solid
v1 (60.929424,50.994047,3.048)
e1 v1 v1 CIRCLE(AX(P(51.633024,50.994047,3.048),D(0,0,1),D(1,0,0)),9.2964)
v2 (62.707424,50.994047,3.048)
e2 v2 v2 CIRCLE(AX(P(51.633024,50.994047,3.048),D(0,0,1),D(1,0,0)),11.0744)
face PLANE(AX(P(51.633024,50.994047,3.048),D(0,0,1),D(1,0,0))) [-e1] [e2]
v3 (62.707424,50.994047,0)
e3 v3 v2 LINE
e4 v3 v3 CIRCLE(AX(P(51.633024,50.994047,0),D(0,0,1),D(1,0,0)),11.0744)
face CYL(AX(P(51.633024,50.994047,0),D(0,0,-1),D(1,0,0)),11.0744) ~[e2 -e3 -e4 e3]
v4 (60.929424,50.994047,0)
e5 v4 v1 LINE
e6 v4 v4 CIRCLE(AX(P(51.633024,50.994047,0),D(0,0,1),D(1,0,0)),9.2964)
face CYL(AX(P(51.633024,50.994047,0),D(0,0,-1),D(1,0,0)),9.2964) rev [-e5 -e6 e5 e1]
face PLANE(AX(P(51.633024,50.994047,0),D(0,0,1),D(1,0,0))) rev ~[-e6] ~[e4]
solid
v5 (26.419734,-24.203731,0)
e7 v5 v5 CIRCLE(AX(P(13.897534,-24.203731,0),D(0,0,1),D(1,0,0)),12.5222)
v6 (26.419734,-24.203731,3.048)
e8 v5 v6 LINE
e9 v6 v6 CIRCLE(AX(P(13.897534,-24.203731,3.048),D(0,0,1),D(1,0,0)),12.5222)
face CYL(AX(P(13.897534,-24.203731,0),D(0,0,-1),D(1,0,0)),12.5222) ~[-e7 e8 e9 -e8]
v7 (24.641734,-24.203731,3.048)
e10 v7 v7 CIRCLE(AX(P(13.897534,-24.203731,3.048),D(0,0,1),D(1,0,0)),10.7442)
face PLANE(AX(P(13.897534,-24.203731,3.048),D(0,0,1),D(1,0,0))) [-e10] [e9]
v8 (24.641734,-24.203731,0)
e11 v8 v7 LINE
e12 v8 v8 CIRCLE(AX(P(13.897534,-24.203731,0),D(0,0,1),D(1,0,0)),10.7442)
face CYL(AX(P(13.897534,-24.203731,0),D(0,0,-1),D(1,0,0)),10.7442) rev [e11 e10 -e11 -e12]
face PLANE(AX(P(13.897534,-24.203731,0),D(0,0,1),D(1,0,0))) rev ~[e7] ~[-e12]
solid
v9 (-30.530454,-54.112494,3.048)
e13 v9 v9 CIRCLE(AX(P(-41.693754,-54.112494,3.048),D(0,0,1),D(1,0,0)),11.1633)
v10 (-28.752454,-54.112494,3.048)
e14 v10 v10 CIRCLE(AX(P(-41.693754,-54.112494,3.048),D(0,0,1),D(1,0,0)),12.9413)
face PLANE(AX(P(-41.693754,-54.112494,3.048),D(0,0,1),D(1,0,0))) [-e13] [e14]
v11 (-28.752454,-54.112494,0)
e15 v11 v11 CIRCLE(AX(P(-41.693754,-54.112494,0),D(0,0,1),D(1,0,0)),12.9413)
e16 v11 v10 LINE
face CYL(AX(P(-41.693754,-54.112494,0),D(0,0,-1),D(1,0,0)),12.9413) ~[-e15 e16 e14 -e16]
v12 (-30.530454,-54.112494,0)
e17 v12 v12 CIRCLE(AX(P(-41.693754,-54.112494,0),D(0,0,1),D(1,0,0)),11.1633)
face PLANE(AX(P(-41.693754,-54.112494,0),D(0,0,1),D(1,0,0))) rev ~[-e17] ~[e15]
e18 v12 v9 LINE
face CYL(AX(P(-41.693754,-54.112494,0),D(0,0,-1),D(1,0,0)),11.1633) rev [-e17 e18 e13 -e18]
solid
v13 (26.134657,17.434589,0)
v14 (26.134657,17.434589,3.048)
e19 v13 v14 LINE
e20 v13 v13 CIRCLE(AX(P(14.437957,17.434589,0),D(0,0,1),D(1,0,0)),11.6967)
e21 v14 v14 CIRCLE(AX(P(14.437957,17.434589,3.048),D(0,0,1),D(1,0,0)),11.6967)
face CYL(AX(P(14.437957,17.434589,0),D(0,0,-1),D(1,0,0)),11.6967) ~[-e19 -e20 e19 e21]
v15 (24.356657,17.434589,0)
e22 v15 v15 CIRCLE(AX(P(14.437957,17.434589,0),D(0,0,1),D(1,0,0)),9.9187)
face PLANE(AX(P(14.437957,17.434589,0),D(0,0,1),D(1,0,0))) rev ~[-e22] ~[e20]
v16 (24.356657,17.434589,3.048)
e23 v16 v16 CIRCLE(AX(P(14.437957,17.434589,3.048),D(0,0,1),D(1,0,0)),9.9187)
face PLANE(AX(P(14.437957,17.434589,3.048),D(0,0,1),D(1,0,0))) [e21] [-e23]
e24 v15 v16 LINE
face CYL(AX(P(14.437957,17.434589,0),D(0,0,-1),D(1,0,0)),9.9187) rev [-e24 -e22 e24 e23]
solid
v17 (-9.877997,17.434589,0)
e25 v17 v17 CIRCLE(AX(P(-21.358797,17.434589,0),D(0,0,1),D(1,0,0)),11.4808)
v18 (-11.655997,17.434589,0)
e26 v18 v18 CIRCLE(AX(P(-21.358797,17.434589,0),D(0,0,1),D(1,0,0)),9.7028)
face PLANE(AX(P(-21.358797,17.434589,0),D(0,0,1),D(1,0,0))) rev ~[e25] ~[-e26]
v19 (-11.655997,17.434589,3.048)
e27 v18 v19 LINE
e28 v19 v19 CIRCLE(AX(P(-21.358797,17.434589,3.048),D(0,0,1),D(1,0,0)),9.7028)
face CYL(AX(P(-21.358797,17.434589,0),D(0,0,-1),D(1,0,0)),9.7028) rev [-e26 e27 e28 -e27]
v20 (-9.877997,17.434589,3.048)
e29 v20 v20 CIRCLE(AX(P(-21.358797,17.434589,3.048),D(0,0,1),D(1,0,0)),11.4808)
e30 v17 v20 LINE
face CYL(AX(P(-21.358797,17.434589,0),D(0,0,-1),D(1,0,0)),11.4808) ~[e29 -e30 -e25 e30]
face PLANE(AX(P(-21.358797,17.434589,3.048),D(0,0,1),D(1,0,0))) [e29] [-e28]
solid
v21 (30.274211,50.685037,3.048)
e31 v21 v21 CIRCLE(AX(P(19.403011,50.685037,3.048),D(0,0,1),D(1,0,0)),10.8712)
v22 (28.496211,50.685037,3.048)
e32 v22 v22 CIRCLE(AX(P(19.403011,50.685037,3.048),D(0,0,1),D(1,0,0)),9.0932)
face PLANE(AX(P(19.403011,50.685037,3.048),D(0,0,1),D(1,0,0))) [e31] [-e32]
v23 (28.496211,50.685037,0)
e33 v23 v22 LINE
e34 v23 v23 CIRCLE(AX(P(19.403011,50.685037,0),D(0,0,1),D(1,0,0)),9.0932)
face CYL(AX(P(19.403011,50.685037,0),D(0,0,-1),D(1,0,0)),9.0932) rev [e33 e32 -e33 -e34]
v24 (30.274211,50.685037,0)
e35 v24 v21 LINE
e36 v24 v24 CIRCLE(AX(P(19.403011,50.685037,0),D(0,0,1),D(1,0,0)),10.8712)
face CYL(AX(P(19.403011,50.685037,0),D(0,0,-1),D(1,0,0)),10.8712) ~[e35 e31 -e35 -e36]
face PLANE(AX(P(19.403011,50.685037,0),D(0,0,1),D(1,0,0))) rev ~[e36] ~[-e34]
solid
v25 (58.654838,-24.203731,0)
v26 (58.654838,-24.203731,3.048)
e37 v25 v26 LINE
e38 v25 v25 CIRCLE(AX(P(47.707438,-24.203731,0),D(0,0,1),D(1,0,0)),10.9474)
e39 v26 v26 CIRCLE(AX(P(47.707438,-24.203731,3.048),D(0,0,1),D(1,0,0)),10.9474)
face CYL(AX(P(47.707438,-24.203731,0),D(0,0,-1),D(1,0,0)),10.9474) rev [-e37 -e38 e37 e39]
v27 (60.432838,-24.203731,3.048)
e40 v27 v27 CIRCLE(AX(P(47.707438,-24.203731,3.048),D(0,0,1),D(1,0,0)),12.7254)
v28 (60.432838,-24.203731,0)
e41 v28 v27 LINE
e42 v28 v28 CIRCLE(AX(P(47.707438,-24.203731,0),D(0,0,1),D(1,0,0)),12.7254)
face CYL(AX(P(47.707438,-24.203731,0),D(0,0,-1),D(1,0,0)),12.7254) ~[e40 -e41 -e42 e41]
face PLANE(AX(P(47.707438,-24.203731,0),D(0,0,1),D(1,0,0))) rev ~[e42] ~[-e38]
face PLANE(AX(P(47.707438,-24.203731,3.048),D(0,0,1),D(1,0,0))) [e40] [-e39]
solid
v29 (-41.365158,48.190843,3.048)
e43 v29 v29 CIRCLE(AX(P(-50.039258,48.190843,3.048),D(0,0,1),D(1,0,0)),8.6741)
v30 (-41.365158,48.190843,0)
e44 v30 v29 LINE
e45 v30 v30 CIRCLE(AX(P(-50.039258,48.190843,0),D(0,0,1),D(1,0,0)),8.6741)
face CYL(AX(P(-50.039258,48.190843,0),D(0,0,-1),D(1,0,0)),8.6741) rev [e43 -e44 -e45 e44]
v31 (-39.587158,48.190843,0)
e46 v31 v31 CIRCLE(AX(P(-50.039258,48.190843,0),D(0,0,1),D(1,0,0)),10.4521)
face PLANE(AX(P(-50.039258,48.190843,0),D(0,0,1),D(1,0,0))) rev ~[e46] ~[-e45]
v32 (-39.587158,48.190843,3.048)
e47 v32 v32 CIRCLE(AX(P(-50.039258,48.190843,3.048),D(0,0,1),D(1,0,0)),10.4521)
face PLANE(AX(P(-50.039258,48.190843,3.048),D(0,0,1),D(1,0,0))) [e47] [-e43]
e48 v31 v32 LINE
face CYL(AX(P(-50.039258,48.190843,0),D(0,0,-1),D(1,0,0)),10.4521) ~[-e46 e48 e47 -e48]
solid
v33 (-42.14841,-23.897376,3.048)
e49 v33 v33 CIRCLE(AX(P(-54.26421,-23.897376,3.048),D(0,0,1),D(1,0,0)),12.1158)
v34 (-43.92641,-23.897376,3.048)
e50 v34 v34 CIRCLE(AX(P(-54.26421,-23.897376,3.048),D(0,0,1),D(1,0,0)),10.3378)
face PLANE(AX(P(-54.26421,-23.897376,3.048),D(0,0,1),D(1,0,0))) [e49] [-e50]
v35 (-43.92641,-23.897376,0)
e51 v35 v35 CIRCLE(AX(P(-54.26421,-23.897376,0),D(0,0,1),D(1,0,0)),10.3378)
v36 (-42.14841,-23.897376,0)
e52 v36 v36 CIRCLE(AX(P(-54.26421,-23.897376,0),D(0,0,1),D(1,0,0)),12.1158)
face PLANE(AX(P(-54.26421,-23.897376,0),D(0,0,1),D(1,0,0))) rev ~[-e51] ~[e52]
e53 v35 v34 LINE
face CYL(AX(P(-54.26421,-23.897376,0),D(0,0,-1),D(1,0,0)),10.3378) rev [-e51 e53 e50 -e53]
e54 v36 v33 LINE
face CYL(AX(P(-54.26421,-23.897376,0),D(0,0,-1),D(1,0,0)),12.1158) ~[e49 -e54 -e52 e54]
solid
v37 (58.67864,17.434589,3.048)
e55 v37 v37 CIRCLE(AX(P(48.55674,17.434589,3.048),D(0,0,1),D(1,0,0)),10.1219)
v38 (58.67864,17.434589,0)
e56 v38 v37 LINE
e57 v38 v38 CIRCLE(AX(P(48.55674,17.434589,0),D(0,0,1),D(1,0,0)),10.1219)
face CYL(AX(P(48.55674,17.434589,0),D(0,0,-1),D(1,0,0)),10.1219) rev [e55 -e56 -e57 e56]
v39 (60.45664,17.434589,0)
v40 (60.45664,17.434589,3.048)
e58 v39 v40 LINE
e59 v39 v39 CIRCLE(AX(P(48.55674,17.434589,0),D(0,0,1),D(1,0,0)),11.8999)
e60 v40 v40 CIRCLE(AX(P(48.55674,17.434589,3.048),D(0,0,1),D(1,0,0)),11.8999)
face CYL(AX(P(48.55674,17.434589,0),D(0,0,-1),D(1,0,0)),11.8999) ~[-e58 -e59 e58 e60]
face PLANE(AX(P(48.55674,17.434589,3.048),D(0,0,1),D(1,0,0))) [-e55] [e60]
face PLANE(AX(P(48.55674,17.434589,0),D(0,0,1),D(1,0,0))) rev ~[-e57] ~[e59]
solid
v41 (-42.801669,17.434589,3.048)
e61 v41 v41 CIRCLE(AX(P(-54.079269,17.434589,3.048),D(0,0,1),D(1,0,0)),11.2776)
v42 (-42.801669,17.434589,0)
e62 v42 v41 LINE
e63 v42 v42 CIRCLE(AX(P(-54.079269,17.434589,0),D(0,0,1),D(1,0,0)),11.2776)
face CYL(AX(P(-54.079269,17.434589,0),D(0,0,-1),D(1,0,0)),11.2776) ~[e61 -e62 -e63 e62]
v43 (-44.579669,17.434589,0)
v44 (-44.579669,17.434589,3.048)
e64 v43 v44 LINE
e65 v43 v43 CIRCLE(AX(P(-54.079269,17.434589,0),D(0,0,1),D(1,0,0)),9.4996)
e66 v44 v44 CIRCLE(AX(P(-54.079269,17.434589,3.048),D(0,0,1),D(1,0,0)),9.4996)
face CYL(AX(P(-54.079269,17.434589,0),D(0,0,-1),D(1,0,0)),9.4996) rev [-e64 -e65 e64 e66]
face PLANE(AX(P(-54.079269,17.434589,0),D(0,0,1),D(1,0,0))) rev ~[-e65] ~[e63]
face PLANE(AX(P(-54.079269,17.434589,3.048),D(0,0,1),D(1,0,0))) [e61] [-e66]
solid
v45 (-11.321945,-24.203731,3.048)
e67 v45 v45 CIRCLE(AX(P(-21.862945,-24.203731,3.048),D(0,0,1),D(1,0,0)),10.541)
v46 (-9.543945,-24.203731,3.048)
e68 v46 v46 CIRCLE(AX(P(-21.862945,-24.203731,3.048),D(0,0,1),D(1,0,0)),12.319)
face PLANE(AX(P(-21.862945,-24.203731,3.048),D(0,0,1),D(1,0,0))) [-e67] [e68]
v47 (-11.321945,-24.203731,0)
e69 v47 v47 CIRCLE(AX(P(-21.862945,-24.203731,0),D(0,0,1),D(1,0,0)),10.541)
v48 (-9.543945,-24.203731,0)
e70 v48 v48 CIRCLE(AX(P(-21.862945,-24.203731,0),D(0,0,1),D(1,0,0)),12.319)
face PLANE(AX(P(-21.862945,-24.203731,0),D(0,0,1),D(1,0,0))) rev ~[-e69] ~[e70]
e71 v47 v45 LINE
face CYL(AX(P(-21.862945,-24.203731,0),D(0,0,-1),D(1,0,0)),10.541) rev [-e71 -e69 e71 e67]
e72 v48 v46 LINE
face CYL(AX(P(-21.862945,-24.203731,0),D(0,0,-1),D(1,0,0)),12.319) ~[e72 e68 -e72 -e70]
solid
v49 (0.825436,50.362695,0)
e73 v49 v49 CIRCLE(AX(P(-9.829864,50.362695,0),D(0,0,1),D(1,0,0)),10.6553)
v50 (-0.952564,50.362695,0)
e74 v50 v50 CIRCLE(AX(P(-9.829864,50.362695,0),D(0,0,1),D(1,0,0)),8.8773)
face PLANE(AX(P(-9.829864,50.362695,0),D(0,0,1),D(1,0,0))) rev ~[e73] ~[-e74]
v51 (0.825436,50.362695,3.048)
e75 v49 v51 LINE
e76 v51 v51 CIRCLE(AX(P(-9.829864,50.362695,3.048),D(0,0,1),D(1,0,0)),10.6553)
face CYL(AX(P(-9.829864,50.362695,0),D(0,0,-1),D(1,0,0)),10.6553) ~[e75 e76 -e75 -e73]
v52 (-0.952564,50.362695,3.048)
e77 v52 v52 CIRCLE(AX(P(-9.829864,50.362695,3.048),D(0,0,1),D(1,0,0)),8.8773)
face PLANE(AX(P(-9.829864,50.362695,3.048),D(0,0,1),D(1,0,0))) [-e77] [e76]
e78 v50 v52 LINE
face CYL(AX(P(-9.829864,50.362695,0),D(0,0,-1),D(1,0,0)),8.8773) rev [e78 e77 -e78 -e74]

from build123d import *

# Parameters (mm, degrees)
F0_R      = 10.4521
F0_R_2    = 8.6741
F1_DEPTH  = 3.048
F2_R      = 10.6553
F2_R_2    = 8.8773
F3_DEPTH  = 3.048
F4_R      = 10.8712
F4_R_2    = 9.0932
F5_DEPTH  = 3.048
F6_R      = 11.0744
F6_R_2    = 9.2964
F7_DEPTH  = 3.048
F6_R_3    = 11.2776
F6_R_4    = 9.4996
F8_DEPTH  = 3.048
F6_R_5    = 11.4808
F6_R_6    = 9.7028
F9_DEPTH  = 3.048
F6_R_7    = 11.6967
F6_R_8    = 9.9187
F10_DEPTH = 3.048
F6_R_9    = 11.8999
F6_R_10   = 10.1219
F11_DEPTH = 3.048
F12_R     = 12.1158
F12_R_2   = 10.3378
F13_DEPTH = 3.048
F12_R_3   = 12.319
F12_R_4   = 10.541
F14_DEPTH = 3.048
F12_R_5   = 12.5222
F12_R_6   = 10.7442
F15_DEPTH = 3.048
F12_R_7   = 12.7254
F12_R_8   = 10.9474
F16_DEPTH = 3.048
F12_R_9   = 12.9413
F12_R_10  = 11.1633
F17_DEPTH = 3.048


with BuildPart() as f1:
    # F0 (on Top) → F1 (new body)
    with BuildSketch(Plane.XY):
        with Locations((-50.039258, 48.190843)):
            Circle(F0_R)
        with Locations((-50.039258, 48.190843)):
            Circle(F0_R_2, mode=Mode.SUBTRACT)
    extrude(amount=F1_DEPTH)


with BuildPart() as f3:
    # F2 (on Top) → F3 (new body)
    with BuildSketch(Plane.XY):
        with Locations((-9.829864, 50.362695)):
            Circle(F2_R)
        with Locations((-9.829864, 50.362695)):
            Circle(F2_R_2, mode=Mode.SUBTRACT)
    extrude(amount=F3_DEPTH)


with BuildPart() as f5:
    # F4 (on Top) → F5 (new body)
    with BuildSketch(Plane.XY):
        with Locations((19.403011, 50.685037)):
            Circle(F4_R)
        with Locations((19.403011, 50.685037)):
            Circle(F4_R_2, mode=Mode.SUBTRACT)
    extrude(amount=F5_DEPTH)


with BuildPart() as f7:
    # F6 (on Top) → F7 (new body)
    with BuildSketch(Plane.XY):
        with Locations((51.633024, 50.994047)):
            Circle(F6_R)
        with Locations((51.633024, 50.994047)):
            Circle(F6_R_2, mode=Mode.SUBTRACT)
    extrude(amount=F7_DEPTH)


with BuildPart() as f8:
    # F6 (on Top) → F8 (new body)
    with BuildSketch(Plane.XY):
        with Locations((-54.079269, 17.434589)):
            Circle(F6_R_3)
        with Locations((-54.079269, 17.434589)):
            Circle(F6_R_4, mode=Mode.SUBTRACT)
    extrude(amount=F8_DEPTH)


with BuildPart() as f9:
    # F6 (on Top) → F9 (new body)
    with BuildSketch(Plane.XY):
        with Locations((-21.358797, 17.434589)):
            Circle(F6_R_5)
        with Locations((-21.358797, 17.434589)):
            Circle(F6_R_6, mode=Mode.SUBTRACT)
    extrude(amount=F9_DEPTH)


with BuildPart() as f10:
    # F6 (on Top) → F10 (new body)
    with BuildSketch(Plane.XY):
        with Locations((14.437957, 17.434589)):
            Circle(F6_R_7)
        with Locations((14.437957, 17.434589)):
            Circle(F6_R_8, mode=Mode.SUBTRACT)
    extrude(amount=F10_DEPTH)


with BuildPart() as f11:
    # F6 (on Top) → F11 (new body)
    with BuildSketch(Plane.XY):
        with Locations((48.55674, 17.434589)):
            Circle(F6_R_9)
        with Locations((48.55674, 17.434589)):
            Circle(F6_R_10, mode=Mode.SUBTRACT)
    extrude(amount=F11_DEPTH)


with BuildPart() as f13:
    # F12 (on Top) → F13 (new body)
    with BuildSketch(Plane.XY):
        with Locations((-54.26421, -23.897376)):
            Circle(F12_R)
        with Locations((-54.26421, -23.897376)):
            Circle(F12_R_2, mode=Mode.SUBTRACT)
    extrude(amount=F13_DEPTH)


with BuildPart() as f14:
    # F12 (on Top) → F14 (new body)
    with BuildSketch(Plane.XY):
        with Locations((-21.862945, -24.203731)):
            Circle(F12_R_3)
        with Locations((-21.862945, -24.203731)):
            Circle(F12_R_4, mode=Mode.SUBTRACT)
    extrude(amount=F14_DEPTH)


with BuildPart() as f15:
    # F12 (on Top) → F15 (new body)
    with BuildSketch(Plane.XY):
        with Locations((13.897534, -24.203731)):
            Circle(F12_R_5)
        with Locations((13.897534, -24.203731)):
            Circle(F12_R_6, mode=Mode.SUBTRACT)
    extrude(amount=F15_DEPTH)


with BuildPart() as f16:
    # F12 (on Top) → F16 (new body)
    with BuildSketch(Plane.XY):
        with Locations((47.707438, -24.203731)):
            Circle(F12_R_7)
        with Locations((47.707438, -24.203731)):
            Circle(F12_R_8, mode=Mode.SUBTRACT)
    extrude(amount=F16_DEPTH)


with BuildPart() as f17:
    # F12 (on Top) → F17 (new body)
    with BuildSketch(Plane.XY):
        with Locations((-41.693754, -54.112494)):
            Circle(F12_R_9)
        with Locations((-41.693754, -54.112494)):
            Circle(F12_R_10, mode=Mode.SUBTRACT)
    extrude(amount=F17_DEPTH)


solid = Compound([f1.part, f3.part, f5.part, f7.part, f8.part, f9.part, f10.part, f11.part, f13.part, f14.part, f15.part, f16.part, f17.part])
